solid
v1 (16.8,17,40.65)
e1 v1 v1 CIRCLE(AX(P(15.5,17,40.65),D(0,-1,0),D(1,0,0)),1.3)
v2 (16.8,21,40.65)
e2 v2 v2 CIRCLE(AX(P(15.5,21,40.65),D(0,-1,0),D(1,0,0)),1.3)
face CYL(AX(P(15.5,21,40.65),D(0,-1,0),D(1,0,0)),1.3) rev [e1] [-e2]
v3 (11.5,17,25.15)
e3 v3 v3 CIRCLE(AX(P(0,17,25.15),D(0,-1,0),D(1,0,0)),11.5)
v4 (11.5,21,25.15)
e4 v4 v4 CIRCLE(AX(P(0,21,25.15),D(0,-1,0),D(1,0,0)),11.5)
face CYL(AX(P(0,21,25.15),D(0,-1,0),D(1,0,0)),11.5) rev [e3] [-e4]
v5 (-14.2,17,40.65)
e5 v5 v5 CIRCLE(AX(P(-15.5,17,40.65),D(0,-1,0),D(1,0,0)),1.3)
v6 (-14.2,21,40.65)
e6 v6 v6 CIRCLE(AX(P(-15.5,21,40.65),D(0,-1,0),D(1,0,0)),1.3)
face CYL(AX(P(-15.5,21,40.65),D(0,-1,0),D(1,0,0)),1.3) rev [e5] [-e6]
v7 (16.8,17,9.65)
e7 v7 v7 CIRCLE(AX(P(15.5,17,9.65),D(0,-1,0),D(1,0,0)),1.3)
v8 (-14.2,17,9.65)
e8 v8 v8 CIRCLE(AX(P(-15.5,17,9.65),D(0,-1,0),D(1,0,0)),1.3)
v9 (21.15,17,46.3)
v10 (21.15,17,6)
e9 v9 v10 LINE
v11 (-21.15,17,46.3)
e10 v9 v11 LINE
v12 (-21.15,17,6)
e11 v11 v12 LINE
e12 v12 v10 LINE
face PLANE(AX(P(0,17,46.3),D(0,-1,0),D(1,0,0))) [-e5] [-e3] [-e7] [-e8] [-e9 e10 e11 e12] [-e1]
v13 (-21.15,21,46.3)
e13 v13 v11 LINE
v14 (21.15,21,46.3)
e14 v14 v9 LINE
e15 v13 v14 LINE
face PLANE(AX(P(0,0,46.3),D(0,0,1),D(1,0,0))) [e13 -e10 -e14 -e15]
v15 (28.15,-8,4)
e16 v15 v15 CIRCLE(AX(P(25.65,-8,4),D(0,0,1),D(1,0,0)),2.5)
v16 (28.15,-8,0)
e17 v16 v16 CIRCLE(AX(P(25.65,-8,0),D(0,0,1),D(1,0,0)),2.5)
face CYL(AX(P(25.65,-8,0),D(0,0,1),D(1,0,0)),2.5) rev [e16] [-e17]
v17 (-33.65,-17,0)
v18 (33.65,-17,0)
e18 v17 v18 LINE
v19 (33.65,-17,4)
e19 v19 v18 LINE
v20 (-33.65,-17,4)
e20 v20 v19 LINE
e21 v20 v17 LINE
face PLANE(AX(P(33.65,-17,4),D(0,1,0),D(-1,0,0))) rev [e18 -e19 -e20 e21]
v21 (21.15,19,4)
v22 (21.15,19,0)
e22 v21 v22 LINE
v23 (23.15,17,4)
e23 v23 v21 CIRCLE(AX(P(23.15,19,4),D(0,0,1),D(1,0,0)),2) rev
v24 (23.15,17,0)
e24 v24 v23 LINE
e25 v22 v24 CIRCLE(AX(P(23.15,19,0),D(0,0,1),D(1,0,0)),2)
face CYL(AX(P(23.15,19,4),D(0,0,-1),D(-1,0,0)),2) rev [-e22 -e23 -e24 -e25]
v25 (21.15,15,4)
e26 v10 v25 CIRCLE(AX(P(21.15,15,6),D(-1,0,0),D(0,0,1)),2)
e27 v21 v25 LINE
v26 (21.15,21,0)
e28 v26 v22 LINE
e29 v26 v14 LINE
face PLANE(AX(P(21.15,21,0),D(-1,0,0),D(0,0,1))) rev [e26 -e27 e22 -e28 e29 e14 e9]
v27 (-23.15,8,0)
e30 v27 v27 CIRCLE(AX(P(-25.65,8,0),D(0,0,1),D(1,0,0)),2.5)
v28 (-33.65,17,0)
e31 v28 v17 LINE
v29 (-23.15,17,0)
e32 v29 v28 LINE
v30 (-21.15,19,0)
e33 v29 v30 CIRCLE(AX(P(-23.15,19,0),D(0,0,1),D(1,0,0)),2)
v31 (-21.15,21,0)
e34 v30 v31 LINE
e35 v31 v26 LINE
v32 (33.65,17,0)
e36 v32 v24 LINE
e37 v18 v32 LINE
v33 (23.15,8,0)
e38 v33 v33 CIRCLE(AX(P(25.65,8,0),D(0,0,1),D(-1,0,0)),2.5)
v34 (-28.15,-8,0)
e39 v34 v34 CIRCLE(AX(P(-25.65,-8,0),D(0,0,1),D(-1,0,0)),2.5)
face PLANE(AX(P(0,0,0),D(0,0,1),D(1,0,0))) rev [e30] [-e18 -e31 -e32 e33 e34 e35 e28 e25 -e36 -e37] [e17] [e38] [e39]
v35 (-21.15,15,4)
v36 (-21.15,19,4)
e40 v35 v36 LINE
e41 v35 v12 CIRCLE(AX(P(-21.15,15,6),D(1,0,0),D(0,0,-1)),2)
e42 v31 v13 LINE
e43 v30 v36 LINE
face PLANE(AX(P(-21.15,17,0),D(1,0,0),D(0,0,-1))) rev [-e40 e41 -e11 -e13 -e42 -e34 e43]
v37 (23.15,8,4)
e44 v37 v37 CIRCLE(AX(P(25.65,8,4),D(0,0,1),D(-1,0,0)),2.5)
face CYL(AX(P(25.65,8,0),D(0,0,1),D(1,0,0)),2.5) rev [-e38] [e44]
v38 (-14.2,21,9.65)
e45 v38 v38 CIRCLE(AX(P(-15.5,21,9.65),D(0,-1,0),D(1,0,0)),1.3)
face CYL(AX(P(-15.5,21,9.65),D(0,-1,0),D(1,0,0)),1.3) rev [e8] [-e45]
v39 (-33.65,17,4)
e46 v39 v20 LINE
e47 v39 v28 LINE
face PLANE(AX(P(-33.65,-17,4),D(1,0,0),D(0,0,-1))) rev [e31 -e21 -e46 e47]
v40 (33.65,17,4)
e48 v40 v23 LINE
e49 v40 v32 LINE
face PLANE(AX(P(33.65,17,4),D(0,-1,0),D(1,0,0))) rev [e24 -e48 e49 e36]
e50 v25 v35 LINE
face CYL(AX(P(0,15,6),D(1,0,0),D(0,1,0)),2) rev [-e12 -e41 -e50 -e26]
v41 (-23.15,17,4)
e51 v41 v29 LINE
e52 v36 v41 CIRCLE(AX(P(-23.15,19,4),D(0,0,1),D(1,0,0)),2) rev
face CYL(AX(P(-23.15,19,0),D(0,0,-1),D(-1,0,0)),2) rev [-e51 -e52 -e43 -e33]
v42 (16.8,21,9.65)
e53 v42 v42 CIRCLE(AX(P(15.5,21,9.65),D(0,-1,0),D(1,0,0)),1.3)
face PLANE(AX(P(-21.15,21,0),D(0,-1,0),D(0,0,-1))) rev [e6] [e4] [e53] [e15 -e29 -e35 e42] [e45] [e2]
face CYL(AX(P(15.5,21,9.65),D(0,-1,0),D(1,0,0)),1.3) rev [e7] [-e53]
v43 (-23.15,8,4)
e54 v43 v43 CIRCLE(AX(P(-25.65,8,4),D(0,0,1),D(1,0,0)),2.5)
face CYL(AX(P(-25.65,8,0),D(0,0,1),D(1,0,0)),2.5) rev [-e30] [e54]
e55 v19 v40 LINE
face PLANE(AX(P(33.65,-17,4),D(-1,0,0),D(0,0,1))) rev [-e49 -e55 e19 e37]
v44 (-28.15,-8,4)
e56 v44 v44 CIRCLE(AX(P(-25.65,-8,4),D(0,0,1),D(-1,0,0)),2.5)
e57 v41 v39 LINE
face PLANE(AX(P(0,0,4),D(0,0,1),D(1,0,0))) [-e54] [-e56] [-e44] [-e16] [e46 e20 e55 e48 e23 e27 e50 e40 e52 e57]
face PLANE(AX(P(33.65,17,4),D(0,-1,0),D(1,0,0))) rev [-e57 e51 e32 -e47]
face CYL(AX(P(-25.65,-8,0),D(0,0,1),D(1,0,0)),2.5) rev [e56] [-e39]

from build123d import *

# Parameters (mm, degrees)
SKETCH_1_W          = 67.3
SKETCH_1_H          = 34
EXTRUDE_1_DEPTH     = 4
SKETCH_2_W          = 21.15
SKETCH_2_H          = 4
EXTRUDE_2_DEPTH     = 42.3
SKETCH_3_W          = 42.3
SKETCH_3_H          = 4
EXTRUDE_3_DEPTH     = 4
FILLET_1_R          = 2
FILLET_2_R          = 2
SKETCH_4_R          = 1.3
SKETCH_4_R_2        = 11.5
CUT_EXTRUDE_1_DEPTH = 4
SKETCH_5_R          = 2.5
CUT_EXTRUDE_2_DEPTH = 4


with BuildPart() as part:
    # 草图1 → 凸台-拉伸1 (new body)
    with BuildSketch(Plane.XY):
        Rectangle(SKETCH_1_W, SKETCH_1_H)
    extrude(amount=EXTRUDE_1_DEPTH)



with BuildPart() as body_2:
    # 草图2 → 凸台-拉伸2 (new body)
    with BuildSketch(Plane.XY.offset(4)):
        with Locations((-10.575, 19)):
            Rectangle(SKETCH_2_W, SKETCH_2_H)
        with Locations((10.575, 19)):
            Rectangle(SKETCH_2_W, SKETCH_2_H)
    extrude(amount=EXTRUDE_2_DEPTH)


with BuildPart() as part_1:
    add(part.part)

    add(body_2.part)  # 凸台-拉伸3 merges body 2
    # 草图3 → 凸台-拉伸3 (add)
    with BuildSketch(Plane(origin=(0, 0, 4), x_dir=(-1, 0, 0), z_dir=(0, 0, -1))):
        with Locations((0, 19)):
            Rectangle(SKETCH_3_W, SKETCH_3_H)
    extrude(amount=EXTRUDE_3_DEPTH)

    # 圆角1
    fillet_1_edges = [part_1.edges().sort_by_distance(p)[0] for p in [
        (0, 17, 4),
    ]]
    fillet(fillet_1_edges, radius=FILLET_1_R)

    # 圆角2
    fillet_2_edges = [part_1.edges().sort_by_distance(p)[0] for p in [
        (-21.15, 17, 2),
        (21.15, 17, 2),
    ]]
    fillet(fillet_2_edges, radius=FILLET_2_R)

    # 草图4 → 切除-拉伸1 (cut)
    with BuildSketch(Plane.XZ.offset(-17)):
        with Locations((-15.5, 40.65)):
            Circle(SKETCH_4_R)
        with Locations((15.5, 40.65)):
            Circle(SKETCH_4_R)
        with Locations((-15.5, 9.65)):
            Circle(SKETCH_4_R)
        with Locations((15.5, 9.65)):
            Circle(SKETCH_4_R)
        with Locations((0, 25.15)):
            Circle(SKETCH_4_R_2)
    extrude(amount=-CUT_EXTRUDE_1_DEPTH, mode=Mode.SUBTRACT)

    # 草图5 → 切除-拉伸2 (cut)
    with BuildSketch(Plane.XY.offset(4)):
        with Locations((-25.65, 8)):
            Circle(SKETCH_5_R)
        with Locations(Location((-25.65, -8, 0), (0, 0, 180))):
            Circle(SKETCH_5_R)
        with Locations(Location((25.65, 8, 0), (0, 0, 180))):
            Circle(SKETCH_5_R)
        with Locations((25.65, -8)):
            Circle(SKETCH_5_R)
    extrude(amount=-CUT_EXTRUDE_2_DEPTH, mode=Mode.SUBTRACT)


solid = part_1.part
